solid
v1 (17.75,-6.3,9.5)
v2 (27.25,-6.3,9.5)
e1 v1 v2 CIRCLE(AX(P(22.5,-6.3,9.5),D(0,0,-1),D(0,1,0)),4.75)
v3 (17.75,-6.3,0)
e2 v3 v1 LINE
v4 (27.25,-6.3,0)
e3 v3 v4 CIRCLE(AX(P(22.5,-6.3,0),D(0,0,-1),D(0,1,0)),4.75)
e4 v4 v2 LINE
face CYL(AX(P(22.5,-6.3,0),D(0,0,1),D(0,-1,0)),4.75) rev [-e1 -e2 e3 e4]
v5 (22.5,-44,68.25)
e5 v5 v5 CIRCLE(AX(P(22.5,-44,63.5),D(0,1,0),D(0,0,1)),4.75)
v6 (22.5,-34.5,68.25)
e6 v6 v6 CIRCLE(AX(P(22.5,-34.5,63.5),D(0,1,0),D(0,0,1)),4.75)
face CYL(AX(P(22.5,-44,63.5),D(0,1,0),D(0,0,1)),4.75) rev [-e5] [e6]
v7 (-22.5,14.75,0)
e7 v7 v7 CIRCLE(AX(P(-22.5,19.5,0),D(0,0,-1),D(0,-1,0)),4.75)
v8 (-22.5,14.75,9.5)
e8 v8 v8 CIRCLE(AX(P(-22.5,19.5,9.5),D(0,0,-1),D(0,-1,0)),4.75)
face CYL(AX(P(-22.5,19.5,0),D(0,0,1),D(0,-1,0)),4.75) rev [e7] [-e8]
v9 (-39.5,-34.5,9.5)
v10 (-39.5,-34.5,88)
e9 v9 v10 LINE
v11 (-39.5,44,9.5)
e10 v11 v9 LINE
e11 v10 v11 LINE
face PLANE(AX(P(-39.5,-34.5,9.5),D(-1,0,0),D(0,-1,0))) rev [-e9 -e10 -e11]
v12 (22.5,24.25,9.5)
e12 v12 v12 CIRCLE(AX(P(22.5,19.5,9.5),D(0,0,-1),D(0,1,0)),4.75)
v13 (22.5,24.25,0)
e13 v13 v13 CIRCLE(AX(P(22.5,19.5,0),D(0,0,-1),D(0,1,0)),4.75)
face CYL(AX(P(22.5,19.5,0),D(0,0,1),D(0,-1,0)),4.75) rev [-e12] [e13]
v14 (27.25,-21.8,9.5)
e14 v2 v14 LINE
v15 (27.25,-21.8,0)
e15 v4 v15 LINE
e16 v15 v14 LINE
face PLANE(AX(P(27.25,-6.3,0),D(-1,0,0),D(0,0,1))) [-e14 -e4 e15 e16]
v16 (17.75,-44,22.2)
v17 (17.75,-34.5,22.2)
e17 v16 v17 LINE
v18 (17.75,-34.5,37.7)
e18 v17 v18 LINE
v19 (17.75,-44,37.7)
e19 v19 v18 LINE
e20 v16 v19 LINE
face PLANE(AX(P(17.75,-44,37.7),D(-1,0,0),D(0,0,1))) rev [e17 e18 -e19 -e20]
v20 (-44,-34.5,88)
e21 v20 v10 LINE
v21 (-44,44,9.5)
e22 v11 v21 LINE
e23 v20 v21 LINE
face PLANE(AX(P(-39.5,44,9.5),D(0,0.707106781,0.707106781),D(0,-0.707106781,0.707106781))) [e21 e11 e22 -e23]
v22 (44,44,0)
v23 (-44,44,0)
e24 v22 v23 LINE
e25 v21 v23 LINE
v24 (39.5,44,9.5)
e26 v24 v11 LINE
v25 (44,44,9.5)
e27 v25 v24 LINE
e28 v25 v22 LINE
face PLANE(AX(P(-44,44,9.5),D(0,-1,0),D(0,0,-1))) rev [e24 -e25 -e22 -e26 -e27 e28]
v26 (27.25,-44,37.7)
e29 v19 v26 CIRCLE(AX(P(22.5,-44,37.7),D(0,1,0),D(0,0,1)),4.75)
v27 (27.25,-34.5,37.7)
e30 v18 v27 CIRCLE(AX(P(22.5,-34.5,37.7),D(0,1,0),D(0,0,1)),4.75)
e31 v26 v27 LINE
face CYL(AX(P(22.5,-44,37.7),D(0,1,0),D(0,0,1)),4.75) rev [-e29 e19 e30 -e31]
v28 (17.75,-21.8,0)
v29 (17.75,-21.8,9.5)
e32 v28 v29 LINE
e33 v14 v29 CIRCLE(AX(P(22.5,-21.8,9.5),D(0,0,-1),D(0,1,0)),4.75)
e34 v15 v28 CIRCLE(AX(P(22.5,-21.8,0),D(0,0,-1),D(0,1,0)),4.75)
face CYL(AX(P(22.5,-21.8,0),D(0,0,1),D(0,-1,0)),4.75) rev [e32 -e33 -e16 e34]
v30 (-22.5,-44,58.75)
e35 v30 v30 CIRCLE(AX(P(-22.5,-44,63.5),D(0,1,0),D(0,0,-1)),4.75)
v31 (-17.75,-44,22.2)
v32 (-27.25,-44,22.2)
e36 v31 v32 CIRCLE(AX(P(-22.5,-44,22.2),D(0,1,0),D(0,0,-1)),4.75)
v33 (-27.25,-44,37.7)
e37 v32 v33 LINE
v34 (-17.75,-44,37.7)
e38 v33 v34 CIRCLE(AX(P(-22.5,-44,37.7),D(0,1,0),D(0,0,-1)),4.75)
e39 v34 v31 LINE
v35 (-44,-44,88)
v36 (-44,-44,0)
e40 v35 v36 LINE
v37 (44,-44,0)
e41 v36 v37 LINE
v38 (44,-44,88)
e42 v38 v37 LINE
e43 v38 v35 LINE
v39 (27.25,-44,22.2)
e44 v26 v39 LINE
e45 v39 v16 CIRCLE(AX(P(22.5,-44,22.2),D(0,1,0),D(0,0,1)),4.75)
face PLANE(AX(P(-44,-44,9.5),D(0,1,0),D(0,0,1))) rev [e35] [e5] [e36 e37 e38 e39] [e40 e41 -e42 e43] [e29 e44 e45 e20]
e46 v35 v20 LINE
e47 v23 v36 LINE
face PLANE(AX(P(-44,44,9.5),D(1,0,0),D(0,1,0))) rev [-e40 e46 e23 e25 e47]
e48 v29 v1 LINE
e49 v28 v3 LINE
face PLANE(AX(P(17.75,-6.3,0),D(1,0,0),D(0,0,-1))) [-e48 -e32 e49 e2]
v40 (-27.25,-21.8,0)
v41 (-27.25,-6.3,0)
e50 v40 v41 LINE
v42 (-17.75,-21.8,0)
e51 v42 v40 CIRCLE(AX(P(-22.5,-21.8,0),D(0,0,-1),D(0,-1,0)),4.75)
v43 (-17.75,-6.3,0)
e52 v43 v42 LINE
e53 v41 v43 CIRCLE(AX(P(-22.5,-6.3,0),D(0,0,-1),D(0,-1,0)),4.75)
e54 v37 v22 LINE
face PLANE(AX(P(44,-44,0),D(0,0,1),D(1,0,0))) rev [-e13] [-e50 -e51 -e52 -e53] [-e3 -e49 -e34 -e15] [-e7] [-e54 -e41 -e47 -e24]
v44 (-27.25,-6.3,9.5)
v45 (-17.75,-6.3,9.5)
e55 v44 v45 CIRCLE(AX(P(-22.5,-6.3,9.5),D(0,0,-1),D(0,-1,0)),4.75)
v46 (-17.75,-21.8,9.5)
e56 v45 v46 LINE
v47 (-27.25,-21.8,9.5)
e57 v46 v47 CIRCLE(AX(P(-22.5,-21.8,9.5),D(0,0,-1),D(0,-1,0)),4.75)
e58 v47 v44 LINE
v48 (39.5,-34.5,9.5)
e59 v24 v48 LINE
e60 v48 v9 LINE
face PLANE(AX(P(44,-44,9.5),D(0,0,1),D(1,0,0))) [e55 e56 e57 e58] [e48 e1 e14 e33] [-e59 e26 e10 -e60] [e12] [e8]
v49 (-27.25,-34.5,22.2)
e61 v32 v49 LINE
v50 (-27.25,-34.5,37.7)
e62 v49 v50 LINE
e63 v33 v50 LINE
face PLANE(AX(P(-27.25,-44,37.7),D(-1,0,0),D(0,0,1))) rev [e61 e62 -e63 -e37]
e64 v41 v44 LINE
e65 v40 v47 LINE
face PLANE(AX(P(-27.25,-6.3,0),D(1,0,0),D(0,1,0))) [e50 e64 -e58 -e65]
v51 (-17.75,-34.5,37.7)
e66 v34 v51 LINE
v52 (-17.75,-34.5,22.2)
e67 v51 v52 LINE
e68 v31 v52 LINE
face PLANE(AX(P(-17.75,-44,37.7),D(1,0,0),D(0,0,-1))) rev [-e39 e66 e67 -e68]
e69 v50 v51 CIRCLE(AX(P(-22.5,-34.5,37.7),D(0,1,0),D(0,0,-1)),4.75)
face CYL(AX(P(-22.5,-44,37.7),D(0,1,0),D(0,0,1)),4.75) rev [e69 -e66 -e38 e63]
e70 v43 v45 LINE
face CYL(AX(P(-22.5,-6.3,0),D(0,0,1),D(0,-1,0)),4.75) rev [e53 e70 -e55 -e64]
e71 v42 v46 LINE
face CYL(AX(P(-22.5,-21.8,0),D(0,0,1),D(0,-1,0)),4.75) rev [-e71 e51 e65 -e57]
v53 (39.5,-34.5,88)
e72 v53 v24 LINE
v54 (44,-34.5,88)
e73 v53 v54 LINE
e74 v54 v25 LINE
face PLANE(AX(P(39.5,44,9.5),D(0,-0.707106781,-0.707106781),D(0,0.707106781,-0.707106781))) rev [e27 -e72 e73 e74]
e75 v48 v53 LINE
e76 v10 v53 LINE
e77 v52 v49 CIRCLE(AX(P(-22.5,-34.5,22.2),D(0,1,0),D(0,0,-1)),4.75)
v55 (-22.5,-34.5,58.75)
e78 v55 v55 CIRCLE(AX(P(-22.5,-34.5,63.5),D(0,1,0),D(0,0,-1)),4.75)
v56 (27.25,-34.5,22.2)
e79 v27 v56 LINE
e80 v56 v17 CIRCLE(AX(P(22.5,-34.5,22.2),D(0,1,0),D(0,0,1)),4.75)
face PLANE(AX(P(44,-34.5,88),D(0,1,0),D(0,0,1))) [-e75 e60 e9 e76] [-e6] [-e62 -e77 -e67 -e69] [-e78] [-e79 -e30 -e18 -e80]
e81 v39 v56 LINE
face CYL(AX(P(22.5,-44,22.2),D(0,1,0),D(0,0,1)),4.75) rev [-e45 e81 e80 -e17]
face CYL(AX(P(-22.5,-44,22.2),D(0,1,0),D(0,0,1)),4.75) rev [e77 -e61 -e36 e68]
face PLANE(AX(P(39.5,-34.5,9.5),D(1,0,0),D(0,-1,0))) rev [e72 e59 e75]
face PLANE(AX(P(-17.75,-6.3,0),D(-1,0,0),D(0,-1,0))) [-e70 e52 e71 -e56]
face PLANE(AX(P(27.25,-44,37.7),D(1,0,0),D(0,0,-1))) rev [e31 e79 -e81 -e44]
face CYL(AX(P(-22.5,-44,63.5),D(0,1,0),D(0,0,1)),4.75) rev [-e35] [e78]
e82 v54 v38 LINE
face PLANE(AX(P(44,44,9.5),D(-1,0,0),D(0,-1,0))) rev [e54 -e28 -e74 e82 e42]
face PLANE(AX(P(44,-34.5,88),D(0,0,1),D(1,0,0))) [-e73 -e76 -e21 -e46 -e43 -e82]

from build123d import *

# Parameters (mm, degrees)
SKETCH_1_W          = 88
SKETCH_1_H          = 88
EXTRUDE_1_DEPTH     = 9.5
SKETCH_2_W          = 88
SKETCH_2_H          = 9.5
EXTRUDE_2_DEPTH     = 88
EXTRUDE_3_DEPTH     = 4.5
SKETCH_4_R          = 4.75
CUT_EXTRUDE_1_DEPTH = 126.866000175


with BuildPart() as part:
    # 草图1 → 凸台-拉伸1 (new body)
    with BuildSketch(Plane.XY):
        Rectangle(SKETCH_1_W, SKETCH_1_H)
    extrude(amount=EXTRUDE_1_DEPTH)

    # 草图2 → 凸台-拉伸2 (add)
    with BuildSketch(Plane(origin=(0, 0, 0), x_dir=(-1, 0, 0), z_dir=(0, 0, -1))):
        with Locations((0, -39.25)):
            Rectangle(SKETCH_2_W, SKETCH_2_H)
    extrude(amount=-EXTRUDE_2_DEPTH)

    # 草图3 → 凸台-拉伸3 (add)
    with BuildSketch(Plane.ZY.offset(44)):
        Polygon((9.5, 44), (88, -34.5), (9.5, -34.5), align=None)
    extrude_3 = extrude(amount=-EXTRUDE_3_DEPTH)

    # 镜向1: 凸台-拉伸3 across plane
    add(extrude_3.mirror(Plane(origin=(0, 0, 0), x_dir=(0, 0, 1), z_dir=(1, 0, 0))))

    # 草图4 → 切除-拉伸1 (cut, through all)
    with BuildSketch(Plane(origin=(0, -34.5, 0), x_dir=(1, 0, 0), z_dir=(0, 1, 0))):
        with Locations(Location((22.5, -63.5, 0), (0, 0, 270))):
            Circle(SKETCH_4_R)
        with Locations(Location((-22.5, -63.5, 0), (0, 0, 90))):
            Circle(SKETCH_4_R)
        with BuildLine():
            Line((17.75, -37.7), (17.75, -22.2))
            ThreePointArc((17.75, -22.2), (22.5, -17.45), (27.25, -22.2))
            Line((27.25, -22.2), (27.25, -37.7))
            ThreePointArc((27.25, -37.7), (22.5, -42.45), (17.75, -37.7))
        make_face()
        with BuildLine():
            Line((-17.75, -37.7), (-17.75, -22.2))
            ThreePointArc((-17.75, -22.2), (-22.5, -17.45), (-27.25, -22.2))
            Line((-27.25, -22.2), (-27.25, -37.7))
            ThreePointArc((-27.25, -37.7), (-22.5, -42.45), (-17.75, -37.7))
        make_face()
    cut_extrude_1 = extrude(amount=-CUT_EXTRUDE_1_DEPTH, mode=Mode.SUBTRACT)

    # 镜向2: 切除-拉伸1 across plane
    add(cut_extrude_1.mirror(Plane(origin=(0, -22, 22), x_dir=(0, 0.7071067811865476, 0.7071067811865476), z_dir=(0, -0.7071067811865477, 0.7071067811865475))), mode=Mode.SUBTRACT)


solid = part.part
